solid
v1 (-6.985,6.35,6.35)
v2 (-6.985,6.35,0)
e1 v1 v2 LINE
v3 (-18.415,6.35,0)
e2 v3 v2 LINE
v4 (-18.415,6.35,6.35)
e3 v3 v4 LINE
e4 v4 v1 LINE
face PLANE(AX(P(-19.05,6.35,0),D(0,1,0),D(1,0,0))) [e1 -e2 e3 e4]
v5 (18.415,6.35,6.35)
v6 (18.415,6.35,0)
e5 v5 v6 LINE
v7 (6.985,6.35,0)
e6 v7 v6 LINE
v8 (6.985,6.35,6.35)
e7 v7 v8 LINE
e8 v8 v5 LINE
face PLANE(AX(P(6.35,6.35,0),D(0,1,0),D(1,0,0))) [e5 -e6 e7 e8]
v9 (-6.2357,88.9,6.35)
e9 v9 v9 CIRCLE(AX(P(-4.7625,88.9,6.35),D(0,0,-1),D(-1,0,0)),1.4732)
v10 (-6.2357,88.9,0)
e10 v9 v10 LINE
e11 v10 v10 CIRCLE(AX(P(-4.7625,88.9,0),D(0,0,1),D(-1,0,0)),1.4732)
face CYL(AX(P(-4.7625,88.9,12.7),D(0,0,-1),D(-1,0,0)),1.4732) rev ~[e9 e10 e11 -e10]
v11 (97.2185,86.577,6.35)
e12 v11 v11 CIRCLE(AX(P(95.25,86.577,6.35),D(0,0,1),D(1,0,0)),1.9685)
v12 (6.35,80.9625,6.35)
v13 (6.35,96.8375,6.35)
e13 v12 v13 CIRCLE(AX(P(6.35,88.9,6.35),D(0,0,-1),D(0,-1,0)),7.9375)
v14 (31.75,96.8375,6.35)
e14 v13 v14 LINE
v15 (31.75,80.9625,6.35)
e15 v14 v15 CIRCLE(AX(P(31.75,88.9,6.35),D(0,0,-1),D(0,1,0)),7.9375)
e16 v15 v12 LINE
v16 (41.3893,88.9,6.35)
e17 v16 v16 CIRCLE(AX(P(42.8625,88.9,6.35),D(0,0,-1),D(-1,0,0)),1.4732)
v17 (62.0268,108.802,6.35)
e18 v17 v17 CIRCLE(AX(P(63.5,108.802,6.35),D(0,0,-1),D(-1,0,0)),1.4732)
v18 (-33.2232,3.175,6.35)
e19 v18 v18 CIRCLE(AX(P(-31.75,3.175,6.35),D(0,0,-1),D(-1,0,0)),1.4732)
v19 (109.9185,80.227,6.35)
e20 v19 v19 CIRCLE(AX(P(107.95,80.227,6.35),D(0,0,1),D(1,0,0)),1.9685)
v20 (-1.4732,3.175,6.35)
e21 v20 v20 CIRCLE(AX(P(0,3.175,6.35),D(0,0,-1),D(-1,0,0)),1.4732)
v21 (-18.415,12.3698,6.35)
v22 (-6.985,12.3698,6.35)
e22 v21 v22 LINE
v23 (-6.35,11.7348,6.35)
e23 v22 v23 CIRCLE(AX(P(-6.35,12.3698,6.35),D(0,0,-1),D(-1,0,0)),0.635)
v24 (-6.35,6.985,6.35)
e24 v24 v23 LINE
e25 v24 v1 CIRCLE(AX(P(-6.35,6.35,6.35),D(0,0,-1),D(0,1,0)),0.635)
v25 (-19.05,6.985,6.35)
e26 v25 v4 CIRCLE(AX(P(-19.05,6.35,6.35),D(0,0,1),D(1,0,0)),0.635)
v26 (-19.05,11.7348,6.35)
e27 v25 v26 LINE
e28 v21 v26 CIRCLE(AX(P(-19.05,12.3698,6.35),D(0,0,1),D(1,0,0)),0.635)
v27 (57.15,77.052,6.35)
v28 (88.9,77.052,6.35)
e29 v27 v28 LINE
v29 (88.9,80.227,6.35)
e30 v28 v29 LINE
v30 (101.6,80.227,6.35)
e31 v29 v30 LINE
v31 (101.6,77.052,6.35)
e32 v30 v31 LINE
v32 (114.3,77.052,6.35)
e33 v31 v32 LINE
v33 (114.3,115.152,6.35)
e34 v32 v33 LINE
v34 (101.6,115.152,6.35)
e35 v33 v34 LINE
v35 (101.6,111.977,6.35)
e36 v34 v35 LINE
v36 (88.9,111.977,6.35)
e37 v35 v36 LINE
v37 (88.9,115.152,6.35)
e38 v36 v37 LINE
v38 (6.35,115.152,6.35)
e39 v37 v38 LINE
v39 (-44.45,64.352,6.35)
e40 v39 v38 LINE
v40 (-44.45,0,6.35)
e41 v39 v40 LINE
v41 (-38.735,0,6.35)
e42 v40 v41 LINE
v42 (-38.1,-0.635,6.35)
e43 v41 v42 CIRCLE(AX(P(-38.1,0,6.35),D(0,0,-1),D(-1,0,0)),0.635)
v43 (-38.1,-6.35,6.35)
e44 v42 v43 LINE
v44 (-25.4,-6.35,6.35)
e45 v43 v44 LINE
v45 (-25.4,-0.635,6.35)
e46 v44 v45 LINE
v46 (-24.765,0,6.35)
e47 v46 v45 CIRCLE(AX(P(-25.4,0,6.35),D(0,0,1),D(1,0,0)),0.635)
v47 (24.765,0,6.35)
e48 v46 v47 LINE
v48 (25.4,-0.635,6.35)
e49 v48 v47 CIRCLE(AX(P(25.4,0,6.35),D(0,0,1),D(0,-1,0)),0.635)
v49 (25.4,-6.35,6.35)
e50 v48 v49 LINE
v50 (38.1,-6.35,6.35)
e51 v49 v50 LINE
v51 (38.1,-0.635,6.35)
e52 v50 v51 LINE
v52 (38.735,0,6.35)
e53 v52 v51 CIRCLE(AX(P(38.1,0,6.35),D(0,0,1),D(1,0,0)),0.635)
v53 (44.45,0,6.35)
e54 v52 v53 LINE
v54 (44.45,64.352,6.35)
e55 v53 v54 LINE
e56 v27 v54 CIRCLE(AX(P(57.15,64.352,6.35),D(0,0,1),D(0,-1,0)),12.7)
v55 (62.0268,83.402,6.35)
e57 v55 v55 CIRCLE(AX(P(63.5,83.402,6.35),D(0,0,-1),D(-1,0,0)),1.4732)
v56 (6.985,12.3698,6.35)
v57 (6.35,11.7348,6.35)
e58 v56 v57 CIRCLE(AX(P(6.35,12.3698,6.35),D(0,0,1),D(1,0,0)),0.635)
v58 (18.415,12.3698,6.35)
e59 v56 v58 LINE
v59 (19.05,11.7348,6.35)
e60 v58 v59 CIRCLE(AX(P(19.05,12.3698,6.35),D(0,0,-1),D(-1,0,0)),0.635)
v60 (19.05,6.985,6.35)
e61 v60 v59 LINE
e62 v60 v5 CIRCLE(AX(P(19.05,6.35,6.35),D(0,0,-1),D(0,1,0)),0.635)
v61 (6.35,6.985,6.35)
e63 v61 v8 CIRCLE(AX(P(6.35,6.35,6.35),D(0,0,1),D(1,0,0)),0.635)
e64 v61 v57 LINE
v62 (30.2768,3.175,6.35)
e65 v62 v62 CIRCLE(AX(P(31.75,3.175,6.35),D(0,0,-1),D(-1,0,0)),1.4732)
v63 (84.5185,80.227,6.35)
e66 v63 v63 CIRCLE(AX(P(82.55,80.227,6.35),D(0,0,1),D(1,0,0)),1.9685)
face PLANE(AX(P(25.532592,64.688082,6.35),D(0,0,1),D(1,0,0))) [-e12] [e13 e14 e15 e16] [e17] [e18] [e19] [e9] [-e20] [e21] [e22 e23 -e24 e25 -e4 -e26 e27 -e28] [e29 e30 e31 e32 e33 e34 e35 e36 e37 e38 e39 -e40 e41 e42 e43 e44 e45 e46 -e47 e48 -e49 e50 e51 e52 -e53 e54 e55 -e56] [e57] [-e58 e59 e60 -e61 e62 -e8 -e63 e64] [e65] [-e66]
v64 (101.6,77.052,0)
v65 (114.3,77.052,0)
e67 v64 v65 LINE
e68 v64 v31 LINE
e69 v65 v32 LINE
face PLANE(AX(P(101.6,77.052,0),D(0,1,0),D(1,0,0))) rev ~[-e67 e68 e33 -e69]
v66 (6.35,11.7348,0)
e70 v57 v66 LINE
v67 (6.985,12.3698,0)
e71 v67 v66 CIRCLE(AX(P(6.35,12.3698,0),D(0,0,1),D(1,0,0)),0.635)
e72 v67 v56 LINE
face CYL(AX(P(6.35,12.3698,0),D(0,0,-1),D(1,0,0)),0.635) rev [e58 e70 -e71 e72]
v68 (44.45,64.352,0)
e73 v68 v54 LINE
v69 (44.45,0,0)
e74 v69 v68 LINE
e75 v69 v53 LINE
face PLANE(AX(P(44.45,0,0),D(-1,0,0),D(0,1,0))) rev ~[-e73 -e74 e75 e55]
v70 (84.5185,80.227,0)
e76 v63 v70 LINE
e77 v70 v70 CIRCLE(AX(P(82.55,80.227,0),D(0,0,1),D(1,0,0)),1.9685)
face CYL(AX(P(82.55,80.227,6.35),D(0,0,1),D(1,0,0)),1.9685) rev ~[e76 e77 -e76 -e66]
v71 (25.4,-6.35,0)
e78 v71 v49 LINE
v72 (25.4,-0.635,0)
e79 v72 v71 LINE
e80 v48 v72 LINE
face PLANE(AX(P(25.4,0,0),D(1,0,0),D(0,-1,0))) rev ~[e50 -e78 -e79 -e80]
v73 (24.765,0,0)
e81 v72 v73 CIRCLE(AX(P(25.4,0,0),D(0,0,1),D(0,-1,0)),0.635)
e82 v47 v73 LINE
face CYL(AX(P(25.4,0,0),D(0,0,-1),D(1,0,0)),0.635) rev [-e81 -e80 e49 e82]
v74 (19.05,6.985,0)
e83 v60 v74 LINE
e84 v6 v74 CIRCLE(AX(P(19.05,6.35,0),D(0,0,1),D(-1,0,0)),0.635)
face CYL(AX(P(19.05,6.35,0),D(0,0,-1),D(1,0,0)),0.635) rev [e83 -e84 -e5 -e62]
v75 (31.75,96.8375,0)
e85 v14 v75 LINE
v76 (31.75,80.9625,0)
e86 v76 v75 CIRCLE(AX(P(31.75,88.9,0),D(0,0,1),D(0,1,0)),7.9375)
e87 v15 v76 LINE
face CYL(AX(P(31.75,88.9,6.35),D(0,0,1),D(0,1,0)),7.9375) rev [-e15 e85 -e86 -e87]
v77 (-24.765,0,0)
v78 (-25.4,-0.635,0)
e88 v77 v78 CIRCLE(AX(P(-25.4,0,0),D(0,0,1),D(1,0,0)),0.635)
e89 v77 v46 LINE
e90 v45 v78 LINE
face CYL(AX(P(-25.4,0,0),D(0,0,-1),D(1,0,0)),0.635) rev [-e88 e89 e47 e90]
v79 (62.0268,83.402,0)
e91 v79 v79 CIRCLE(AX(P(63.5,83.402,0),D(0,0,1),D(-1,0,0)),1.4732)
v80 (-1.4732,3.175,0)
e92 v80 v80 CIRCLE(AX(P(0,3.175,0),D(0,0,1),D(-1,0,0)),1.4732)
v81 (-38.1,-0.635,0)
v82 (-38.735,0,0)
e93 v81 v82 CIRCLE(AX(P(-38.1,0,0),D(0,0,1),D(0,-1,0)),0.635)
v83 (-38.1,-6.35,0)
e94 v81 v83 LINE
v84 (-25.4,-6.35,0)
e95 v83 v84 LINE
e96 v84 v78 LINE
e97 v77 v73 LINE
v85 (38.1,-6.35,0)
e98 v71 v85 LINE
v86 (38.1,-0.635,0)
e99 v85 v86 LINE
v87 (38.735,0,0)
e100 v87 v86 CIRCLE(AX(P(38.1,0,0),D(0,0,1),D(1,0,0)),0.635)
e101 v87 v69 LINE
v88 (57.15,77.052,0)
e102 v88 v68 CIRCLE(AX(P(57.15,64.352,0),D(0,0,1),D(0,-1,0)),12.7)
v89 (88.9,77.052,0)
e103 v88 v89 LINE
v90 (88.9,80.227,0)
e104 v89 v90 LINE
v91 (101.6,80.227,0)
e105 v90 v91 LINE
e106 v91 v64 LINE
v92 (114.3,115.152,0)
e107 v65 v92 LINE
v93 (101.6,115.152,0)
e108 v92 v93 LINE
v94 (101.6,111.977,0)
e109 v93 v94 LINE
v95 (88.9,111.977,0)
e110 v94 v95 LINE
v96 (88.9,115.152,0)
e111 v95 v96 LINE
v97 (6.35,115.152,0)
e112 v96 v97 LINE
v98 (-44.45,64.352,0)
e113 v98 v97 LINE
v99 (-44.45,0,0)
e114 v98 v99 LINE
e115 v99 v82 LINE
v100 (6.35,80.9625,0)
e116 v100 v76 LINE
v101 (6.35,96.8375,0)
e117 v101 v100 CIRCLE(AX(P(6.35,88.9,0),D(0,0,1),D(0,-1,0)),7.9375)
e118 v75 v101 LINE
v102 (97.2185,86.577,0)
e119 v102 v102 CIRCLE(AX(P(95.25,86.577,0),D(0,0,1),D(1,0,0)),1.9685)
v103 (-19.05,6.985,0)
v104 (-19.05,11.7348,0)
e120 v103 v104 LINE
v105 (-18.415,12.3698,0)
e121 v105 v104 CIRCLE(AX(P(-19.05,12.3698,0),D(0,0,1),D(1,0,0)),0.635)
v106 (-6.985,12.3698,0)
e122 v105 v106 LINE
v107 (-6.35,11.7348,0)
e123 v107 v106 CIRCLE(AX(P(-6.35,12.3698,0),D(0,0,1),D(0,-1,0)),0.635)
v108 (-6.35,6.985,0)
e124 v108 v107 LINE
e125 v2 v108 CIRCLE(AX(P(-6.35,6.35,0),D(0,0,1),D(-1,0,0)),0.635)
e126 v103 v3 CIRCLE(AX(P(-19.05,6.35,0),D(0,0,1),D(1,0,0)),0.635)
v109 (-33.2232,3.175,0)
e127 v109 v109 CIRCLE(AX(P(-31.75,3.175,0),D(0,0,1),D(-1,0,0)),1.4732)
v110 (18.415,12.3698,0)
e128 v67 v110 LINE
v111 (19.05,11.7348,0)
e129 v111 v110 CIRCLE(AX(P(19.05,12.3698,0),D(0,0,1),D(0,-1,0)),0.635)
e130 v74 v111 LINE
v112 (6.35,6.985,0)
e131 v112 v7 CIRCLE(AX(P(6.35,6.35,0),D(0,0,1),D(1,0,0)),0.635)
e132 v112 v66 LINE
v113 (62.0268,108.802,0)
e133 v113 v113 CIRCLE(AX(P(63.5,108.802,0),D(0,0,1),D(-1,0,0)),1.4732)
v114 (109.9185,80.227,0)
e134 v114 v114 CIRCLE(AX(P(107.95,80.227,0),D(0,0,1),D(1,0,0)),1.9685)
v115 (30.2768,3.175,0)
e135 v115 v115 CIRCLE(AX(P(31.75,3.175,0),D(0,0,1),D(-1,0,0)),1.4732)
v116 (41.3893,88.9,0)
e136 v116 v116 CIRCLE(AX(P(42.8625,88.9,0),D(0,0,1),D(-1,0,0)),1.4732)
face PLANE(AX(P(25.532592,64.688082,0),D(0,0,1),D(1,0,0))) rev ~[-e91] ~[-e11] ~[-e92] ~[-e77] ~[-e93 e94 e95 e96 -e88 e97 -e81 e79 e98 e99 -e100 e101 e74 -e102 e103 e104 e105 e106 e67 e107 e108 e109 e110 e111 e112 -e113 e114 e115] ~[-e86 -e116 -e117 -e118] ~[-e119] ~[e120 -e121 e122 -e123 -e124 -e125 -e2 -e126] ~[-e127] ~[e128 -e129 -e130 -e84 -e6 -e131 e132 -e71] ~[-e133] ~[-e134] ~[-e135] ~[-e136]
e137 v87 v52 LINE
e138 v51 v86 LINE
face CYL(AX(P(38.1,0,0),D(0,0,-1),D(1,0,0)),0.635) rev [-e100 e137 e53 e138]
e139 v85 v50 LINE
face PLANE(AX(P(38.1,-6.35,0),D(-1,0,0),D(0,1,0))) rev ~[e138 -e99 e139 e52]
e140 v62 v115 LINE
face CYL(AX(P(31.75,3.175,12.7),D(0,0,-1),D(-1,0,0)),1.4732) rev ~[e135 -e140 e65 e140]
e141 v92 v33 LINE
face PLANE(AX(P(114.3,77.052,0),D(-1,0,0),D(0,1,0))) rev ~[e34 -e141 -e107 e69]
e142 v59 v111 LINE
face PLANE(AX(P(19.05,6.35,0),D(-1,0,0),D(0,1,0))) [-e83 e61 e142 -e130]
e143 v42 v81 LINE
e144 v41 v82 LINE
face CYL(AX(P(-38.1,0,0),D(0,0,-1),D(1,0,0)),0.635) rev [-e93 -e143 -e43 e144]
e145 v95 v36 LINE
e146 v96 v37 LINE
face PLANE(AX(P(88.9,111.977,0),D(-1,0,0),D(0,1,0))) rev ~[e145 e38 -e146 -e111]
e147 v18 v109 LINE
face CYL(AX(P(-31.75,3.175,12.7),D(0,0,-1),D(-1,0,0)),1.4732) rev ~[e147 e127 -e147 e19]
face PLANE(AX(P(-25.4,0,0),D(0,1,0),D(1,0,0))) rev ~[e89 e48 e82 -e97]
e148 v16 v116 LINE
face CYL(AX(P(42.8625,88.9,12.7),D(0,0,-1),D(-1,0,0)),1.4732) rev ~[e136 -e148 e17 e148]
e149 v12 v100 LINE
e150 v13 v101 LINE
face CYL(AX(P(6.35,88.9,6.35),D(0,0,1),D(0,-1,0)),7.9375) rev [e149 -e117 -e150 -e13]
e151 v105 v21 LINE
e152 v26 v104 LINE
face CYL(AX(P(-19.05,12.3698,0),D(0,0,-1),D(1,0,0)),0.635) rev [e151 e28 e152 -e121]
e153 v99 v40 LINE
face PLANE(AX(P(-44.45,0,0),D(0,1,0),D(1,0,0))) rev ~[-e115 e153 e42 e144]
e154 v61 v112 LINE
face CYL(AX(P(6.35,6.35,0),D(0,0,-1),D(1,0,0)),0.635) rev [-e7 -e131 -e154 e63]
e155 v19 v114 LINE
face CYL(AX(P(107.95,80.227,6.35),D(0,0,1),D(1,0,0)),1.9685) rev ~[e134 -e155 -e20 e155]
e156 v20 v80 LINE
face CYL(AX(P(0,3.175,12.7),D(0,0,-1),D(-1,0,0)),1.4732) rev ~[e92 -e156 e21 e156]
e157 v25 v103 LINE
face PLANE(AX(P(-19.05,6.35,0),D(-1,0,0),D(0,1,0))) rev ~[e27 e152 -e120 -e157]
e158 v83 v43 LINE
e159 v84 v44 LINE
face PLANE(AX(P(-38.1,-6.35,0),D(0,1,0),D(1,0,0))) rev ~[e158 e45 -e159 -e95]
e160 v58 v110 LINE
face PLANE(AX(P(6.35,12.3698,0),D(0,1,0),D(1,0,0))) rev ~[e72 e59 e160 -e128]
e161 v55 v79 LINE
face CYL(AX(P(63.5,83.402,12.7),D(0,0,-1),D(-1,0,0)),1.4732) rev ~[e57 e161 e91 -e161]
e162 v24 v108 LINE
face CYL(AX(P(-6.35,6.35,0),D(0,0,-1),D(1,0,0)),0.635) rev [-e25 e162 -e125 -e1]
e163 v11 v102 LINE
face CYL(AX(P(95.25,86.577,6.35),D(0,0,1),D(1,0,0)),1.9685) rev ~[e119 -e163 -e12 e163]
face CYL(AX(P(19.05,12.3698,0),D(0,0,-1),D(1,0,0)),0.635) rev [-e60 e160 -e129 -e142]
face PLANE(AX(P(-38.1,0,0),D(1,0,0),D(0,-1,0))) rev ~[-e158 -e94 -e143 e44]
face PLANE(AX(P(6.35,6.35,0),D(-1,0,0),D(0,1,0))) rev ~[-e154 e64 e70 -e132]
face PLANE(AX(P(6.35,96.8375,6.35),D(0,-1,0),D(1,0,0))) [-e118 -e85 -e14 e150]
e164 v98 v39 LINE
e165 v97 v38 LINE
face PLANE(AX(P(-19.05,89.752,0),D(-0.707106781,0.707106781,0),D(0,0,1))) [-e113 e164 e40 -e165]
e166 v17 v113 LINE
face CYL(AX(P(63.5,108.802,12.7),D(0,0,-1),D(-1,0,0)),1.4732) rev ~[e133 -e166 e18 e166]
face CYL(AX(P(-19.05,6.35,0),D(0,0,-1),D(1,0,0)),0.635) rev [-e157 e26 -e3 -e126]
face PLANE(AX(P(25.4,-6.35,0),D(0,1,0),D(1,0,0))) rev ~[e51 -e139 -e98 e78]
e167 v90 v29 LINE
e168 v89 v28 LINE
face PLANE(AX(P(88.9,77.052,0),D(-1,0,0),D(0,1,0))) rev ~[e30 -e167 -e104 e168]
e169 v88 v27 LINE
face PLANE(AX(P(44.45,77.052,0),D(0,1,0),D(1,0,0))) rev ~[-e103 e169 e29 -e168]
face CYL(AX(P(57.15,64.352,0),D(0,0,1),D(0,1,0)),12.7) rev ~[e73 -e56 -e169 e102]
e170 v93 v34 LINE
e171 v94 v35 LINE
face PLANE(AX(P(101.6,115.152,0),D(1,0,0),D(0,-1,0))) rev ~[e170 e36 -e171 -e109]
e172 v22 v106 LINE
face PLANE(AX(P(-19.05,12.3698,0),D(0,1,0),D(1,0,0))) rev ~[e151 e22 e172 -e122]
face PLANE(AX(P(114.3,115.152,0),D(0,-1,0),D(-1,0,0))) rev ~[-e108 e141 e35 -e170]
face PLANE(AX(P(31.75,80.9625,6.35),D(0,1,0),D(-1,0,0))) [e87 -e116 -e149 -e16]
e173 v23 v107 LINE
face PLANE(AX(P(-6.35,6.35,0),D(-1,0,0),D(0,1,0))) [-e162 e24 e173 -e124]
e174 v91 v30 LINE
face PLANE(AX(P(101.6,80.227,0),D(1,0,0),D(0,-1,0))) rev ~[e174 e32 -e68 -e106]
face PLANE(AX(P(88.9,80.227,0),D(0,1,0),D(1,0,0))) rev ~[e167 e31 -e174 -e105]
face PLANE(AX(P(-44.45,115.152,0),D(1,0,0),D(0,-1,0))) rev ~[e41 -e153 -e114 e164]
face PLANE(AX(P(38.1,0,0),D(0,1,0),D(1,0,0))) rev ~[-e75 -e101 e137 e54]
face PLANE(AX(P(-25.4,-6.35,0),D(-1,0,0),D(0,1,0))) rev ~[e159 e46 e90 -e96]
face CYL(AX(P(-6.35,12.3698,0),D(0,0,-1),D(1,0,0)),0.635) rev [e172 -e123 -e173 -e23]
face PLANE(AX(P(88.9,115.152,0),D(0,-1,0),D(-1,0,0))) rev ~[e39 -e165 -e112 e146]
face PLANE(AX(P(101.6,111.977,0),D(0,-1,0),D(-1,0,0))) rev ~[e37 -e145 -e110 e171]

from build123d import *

# Parameters (mm, degrees)
SKETCH1_W                 = 12.7
SKETCH1_H                 = 6.0198
BOSS_EXTRUDE1_DEPTH       = 6.35
SKETCH13_R                = 0.635
CUT_EXTRUDE2_DEPTH        = 6.35
CHAMFER1_SIZE             = 50.8
FILLET2_R                 = 12.7
F_4_CLEARANCE_HOLE1_D     = 2.9464
F_4_CLEARANCE_HOLE1_DEPTH = 6.35
F_4_CLEARANCE_HOLE1_TIP   = 0.885187864
CUT_EXTRUDE3_REACH        = 164.372
SKETCH14_R                = 1.9685
F_4_CLEARANCE_HOLE2_D     = 2.9464
F_4_CLEARANCE_HOLE2_DEPTH = 6.35
F_4_CLEARANCE_HOLE2_TIP   = 0.885187864
CUT_EXTRUDE4_REACH        = 164.372
F_4_CLEARANCE_HOLE3_D     = 2.9464
F_4_CLEARANCE_HOLE3_DEPTH = 6.35
F_4_CLEARANCE_HOLE3_TIP   = 0.885187864


with BuildPart() as part:
    # Sketch1 → Boss-Extrude1 (new body)
    with BuildSketch(Plane.XY):
        Polygon((-25.4, 0), (25.4, 0), (25.4, -6.35), (38.1, -6.35), (38.1, 0), (44.45, 0), (44.45, 77.052), (88.9, 77.052), (88.9, 80.227), (101.6, 80.227), (101.6, 77.052), (114.3, 77.052), (114.3, 115.152), (101.6, 115.152), (101.6, 111.977), (88.9, 111.977), (88.9, 115.152), (-44.45, 115.152), (-44.45, 0), (-38.1, 0), (-38.1, -6.35), (-25.4, -6.35), align=None)
        with Locations((12.7, 9.3599)):
            Rectangle(SKETCH1_W, SKETCH1_H, mode=Mode.SUBTRACT)
        with Locations((-12.7, 9.3599)):
            Rectangle(SKETCH1_W, SKETCH1_H, mode=Mode.SUBTRACT)
    extrude(amount=BOSS_EXTRUDE1_DEPTH)

    # Sketch13 → Cut-Extrude2 (cut)
    with BuildSketch(Plane.XY):
        with Locations((-19.05, 12.3698)):
            Circle(SKETCH13_R)
    cut_extrude2 = extrude(amount=CUT_EXTRUDE2_DEPTH, mode=Mode.SUBTRACT)

    # Sketch-Pattern1: Cut-Extrude2 at 11 more places
    with Locations((12.7, 0, 0), (12.7, -6.0198, 0), (0, -6.0198, 0), (25.4, 0, 0), (38.1, 0, 0), (38.1, -6.0198, 0), (25.4, -6.0198, 0), (57.15, -12.3698, 0), (44.45, -12.3698, 0), (-6.35, -12.3698, 0), (-19.05, -12.3698, 0)):
        add(cut_extrude2, mode=Mode.SUBTRACT)

    # Chamfer1
    chamfer1_edges = [part.edges().sort_by_distance(p)[0] for p in [
        (-44.45, 115.152, 3.175),
    ]]
    chamfer(chamfer1_edges, length=CHAMFER1_SIZE)

    # Fillet2
    fillet2_edges = [part.edges().sort_by_distance(p)[0] for p in [
        (44.45, 77.052, 3.175),
    ]]
    fillet(fillet2_edges, radius=FILLET2_R)

    # #4 Clearance Hole1
    with Locations(Plane.XY.offset(6.35)):
        with Locations((-31.75, 3.175), (31.75, 3.175), (0, 3.175)):
            Hole(F_4_CLEARANCE_HOLE1_D / 2, depth=F_4_CLEARANCE_HOLE1_DEPTH)
            with Locations((0, 0, -(F_4_CLEARANCE_HOLE1_DEPTH + F_4_CLEARANCE_HOLE1_TIP / 2))):  # 118° drill point
                Cone(0, F_4_CLEARANCE_HOLE1_D / 2, F_4_CLEARANCE_HOLE1_TIP, mode=Mode.SUBTRACT)

    # Sketch14 → Cut-Extrude3 (cut, up to next)
    with BuildSketch(Plane.XY.offset(6.35), mode=Mode.PRIVATE) as cut_extrude3_sk1:
        with Locations((95.25, 86.577)):
            Circle(SKETCH14_R)
    cut_extrude3_tool1 = extrude(cut_extrude3_sk1.sketch, amount=-CUT_EXTRUDE3_REACH, mode=Mode.PRIVATE) & part.part
    # Sketch14 → Cut-Extrude3 (cut, up to next)
    with BuildSketch(Plane.XY.offset(6.35), mode=Mode.PRIVATE) as cut_extrude3_sk2:
        with Locations((82.55, 80.227)):
            Circle(SKETCH14_R)
    cut_extrude3_tool2 = extrude(cut_extrude3_sk2.sketch, amount=-CUT_EXTRUDE3_REACH, mode=Mode.PRIVATE) & part.part
    # Sketch14 → Cut-Extrude3 (cut, up to next)
    with BuildSketch(Plane.XY.offset(6.35), mode=Mode.PRIVATE) as cut_extrude3_sk3:
        with Locations((107.95, 80.227)):
            Circle(SKETCH14_R)
    cut_extrude3_tool3 = extrude(cut_extrude3_sk3.sketch, amount=-CUT_EXTRUDE3_REACH, mode=Mode.PRIVATE) & part.part
    add(cut_extrude3_tool1.solids().sort_by_distance((95.25, 86.577, 6.35))[0], mode=Mode.SUBTRACT)
    add(cut_extrude3_tool2.solids().sort_by_distance((82.55, 80.227, 6.35))[0], mode=Mode.SUBTRACT)
    add(cut_extrude3_tool3.solids().sort_by_distance((107.95, 80.227, 6.35))[0], mode=Mode.SUBTRACT)

    # #4 Clearance Hole2
    with Locations(Plane.XY.offset(6.35)):
        with Locations((63.5, 83.402), (63.5, 108.802)):
            Hole(F_4_CLEARANCE_HOLE2_D / 2, depth=F_4_CLEARANCE_HOLE2_DEPTH)
            with Locations((0, 0, -(F_4_CLEARANCE_HOLE2_DEPTH + F_4_CLEARANCE_HOLE2_TIP / 2))):  # 118° drill point
                Cone(0, F_4_CLEARANCE_HOLE2_D / 2, F_4_CLEARANCE_HOLE2_TIP, mode=Mode.SUBTRACT)

    # Sketch18 → Cut-Extrude4 (cut, up to next)
    with BuildSketch(Plane.XY.offset(6.35), mode=Mode.PRIVATE) as cut_extrude4_sk1:
        with BuildLine():
            Line((6.35, 96.8375), (31.75, 96.8375))
            ThreePointArc((31.75, 96.8375), (39.6875, 88.9), (31.75, 80.9625))
            Line((31.75, 80.9625), (6.35, 80.9625))
            ThreePointArc((6.35, 80.9625), (-1.5875, 88.9), (6.35, 96.8375))
        make_face()
    cut_extrude4_tool1 = extrude(cut_extrude4_sk1.sketch, amount=-CUT_EXTRUDE4_REACH, mode=Mode.PRIVATE) & part.part
    add(cut_extrude4_tool1.solids().sort_by_distance((19.05, 88.9, 6.35))[0], mode=Mode.SUBTRACT)

    # #4 Clearance Hole3
    with Locations(Plane.XY.offset(6.35)):
        with Locations((-4.7625, 88.9), (42.8625, 88.9)):
            Hole(F_4_CLEARANCE_HOLE3_D / 2, depth=F_4_CLEARANCE_HOLE3_DEPTH)
            with Locations((0, 0, -(F_4_CLEARANCE_HOLE3_DEPTH + F_4_CLEARANCE_HOLE3_TIP / 2))):  # 118° drill point
                Cone(0, F_4_CLEARANCE_HOLE3_D / 2, F_4_CLEARANCE_HOLE3_TIP, mode=Mode.SUBTRACT)


solid = part.part
